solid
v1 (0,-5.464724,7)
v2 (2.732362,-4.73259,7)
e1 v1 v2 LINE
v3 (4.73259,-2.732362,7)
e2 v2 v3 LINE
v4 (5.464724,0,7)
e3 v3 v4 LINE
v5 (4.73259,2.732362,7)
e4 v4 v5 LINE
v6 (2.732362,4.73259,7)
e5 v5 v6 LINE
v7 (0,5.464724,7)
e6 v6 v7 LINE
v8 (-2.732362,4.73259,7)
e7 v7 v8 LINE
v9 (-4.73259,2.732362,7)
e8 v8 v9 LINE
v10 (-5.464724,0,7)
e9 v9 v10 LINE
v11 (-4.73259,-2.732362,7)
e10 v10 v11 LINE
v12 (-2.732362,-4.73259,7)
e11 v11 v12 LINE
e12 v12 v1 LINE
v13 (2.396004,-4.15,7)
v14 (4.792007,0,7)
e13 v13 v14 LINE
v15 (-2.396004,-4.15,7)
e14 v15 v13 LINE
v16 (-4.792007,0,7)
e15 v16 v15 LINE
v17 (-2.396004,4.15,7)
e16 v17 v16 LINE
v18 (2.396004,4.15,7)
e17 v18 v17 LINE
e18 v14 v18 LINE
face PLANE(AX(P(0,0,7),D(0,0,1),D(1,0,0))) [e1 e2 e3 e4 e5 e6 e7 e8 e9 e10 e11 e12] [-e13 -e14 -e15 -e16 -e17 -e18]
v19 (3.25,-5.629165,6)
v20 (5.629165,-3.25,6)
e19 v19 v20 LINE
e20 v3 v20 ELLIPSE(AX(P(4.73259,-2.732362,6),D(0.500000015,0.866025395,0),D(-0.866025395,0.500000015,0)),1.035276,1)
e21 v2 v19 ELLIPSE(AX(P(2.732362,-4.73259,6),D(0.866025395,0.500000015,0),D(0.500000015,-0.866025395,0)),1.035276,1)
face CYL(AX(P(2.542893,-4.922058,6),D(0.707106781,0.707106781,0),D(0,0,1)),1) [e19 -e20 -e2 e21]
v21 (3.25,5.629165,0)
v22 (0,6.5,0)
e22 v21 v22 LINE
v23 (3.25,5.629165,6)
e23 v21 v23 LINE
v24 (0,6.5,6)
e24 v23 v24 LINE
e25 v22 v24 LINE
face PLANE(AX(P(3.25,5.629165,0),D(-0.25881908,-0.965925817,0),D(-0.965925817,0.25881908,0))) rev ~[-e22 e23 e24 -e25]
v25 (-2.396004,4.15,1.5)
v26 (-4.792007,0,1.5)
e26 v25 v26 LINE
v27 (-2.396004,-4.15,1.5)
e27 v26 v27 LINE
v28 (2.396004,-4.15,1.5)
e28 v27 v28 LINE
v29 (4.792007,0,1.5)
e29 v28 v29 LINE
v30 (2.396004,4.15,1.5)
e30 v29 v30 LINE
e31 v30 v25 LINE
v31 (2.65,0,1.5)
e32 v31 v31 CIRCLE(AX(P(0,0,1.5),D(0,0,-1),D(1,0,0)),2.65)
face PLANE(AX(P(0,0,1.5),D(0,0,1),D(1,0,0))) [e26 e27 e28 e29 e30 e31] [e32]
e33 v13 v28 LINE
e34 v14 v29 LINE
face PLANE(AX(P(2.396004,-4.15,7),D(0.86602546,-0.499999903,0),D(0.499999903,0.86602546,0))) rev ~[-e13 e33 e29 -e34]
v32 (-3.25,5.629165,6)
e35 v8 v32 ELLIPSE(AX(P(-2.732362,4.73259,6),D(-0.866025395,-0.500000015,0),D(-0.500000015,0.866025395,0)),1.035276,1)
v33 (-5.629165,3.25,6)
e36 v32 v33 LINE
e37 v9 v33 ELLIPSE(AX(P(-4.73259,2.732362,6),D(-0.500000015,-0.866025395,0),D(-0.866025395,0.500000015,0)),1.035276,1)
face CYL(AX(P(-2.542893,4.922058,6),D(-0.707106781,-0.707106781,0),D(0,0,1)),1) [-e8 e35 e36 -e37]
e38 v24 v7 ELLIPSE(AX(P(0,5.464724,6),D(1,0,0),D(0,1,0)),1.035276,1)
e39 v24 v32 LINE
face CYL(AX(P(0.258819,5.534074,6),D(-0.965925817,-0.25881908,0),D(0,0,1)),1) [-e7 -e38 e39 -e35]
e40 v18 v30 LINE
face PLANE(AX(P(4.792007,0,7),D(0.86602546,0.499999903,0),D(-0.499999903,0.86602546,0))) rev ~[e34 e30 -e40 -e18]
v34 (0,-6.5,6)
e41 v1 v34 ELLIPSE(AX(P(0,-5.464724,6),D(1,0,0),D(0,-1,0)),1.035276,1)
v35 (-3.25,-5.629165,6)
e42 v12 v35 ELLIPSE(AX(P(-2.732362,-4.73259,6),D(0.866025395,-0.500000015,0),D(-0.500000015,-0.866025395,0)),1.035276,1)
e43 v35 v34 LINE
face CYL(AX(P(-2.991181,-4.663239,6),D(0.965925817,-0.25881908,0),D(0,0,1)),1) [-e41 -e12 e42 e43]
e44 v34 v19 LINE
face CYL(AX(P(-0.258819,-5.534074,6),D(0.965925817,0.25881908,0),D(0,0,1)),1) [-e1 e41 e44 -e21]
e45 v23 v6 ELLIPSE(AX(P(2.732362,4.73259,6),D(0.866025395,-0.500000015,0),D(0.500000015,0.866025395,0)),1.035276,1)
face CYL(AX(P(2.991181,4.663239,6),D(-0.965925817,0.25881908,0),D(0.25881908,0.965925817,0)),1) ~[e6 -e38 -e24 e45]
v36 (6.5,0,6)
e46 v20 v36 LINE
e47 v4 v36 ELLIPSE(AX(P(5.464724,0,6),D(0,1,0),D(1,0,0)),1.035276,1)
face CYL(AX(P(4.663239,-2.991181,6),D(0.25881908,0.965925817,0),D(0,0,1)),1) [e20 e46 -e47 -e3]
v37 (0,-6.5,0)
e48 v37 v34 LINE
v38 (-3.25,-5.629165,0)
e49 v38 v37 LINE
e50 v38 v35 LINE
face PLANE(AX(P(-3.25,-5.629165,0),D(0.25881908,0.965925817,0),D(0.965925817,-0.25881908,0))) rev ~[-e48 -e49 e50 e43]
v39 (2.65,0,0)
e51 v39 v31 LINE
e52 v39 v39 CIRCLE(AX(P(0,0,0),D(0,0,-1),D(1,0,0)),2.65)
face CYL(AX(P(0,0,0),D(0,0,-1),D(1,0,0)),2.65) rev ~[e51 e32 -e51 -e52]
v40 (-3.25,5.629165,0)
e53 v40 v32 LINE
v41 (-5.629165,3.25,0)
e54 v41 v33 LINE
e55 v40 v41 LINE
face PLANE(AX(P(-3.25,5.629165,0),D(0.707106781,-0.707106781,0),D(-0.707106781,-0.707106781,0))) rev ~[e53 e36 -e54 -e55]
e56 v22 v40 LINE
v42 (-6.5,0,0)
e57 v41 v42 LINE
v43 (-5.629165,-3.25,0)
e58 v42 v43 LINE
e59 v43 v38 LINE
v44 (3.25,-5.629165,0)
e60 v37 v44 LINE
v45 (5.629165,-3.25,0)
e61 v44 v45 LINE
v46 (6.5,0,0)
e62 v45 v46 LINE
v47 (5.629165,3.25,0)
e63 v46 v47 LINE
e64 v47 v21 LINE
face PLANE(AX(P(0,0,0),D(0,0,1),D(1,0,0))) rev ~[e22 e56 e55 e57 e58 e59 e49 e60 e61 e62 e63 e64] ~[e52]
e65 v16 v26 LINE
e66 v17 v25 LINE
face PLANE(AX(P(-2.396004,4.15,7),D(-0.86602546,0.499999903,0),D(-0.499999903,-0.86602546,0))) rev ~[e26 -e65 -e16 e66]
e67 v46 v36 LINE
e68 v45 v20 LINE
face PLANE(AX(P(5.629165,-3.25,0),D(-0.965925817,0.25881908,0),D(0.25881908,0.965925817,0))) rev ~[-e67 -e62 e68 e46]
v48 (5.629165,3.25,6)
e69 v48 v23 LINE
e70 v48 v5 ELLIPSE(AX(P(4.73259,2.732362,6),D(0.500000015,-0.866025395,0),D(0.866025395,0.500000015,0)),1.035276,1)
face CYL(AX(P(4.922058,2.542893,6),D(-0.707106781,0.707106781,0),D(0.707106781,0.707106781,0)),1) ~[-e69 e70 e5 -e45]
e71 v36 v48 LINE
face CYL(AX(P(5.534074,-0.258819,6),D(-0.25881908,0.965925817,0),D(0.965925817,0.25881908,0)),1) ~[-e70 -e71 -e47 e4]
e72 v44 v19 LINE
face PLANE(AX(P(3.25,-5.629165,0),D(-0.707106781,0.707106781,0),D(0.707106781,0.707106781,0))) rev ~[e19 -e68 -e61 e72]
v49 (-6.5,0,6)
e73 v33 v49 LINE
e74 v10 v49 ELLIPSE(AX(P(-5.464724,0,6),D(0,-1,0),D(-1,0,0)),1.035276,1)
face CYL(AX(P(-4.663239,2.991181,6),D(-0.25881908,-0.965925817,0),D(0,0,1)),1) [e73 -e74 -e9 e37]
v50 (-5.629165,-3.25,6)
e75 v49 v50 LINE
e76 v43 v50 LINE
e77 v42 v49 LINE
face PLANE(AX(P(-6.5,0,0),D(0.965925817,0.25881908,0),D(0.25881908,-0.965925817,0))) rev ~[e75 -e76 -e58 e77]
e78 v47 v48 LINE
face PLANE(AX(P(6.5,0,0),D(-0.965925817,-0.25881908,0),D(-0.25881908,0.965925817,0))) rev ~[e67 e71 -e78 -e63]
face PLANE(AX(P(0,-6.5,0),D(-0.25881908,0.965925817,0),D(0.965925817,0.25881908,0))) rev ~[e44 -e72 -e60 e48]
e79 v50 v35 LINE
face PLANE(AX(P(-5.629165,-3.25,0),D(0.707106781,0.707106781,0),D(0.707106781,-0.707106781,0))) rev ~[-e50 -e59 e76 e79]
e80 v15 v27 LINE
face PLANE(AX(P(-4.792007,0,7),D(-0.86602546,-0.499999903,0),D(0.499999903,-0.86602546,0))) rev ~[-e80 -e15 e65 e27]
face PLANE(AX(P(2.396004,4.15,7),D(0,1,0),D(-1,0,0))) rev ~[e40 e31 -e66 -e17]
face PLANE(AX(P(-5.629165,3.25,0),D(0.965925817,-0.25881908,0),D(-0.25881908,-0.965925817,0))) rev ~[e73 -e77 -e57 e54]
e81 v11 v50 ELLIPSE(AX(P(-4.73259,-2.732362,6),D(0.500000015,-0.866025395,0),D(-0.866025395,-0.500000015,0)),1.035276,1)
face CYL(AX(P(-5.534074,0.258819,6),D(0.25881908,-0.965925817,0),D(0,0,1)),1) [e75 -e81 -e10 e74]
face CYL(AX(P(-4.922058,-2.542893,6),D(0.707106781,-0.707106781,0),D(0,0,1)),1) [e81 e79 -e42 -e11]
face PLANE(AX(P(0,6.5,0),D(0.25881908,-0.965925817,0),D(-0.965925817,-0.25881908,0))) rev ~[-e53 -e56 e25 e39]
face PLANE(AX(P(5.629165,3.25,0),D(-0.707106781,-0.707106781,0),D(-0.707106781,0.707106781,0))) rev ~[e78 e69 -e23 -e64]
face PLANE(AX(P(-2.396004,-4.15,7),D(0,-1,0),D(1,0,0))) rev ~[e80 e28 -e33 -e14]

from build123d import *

# Parameters (mm, degrees)
PAD_DEPTH       = 7
POCKET_DEPTH    = 5.5
SKETCH002_R     = 2.65
POCKET001_DEPTH = 7.001
FILLET_R        = 1


with BuildPart() as part:
    # Sketch → Pad (new body)
    with BuildSketch(Plane.XY):
        Polygon((5.629165, 3.25), (3.25, 5.629165), (0, 6.5), (-3.25, 5.629165), (-5.629165, 3.25), (-6.5, 0), (-5.629165, -3.25), (-3.25, -5.629165), (0, -6.5), (3.25, -5.629165), (5.629165, -3.25), (6.5, 0), align=None)
    extrude(amount=PAD_DEPTH)

    # Sketch001 (on Face14 of Pad) → Pocket (cut)
    with BuildSketch(Plane.XY.offset(7)):
        Polygon((4.792007, 0), (2.396004, 4.15), (-2.396004, 4.15), (-4.792007, 0), (-2.396004, -4.15), (2.396004, -4.15), align=None)
    extrude(amount=-POCKET_DEPTH, mode=Mode.SUBTRACT)

    # Sketch002 (on DatumPlane) → Pocket001 (cut, through all)
    with BuildSketch(Plane(origin=(0, 0, 0), x_dir=(1, 0, 0), z_dir=(0, 0, -1))):
        Circle(SKETCH002_R)
    extrude(amount=-POCKET001_DEPTH, mode=Mode.SUBTRACT)

    # Fillet
    fillet_edges = [part.edges().sort_by_distance(p)[0] for p in [
        (6.064583, -1.625, 7),
        (6.064583, 1.625, 7),
        (4.439583, 4.439583, 7),
        (1.625, 6.064583, 7),
        (-1.625, 6.064583, 7),
        (-4.439583, 4.439583, 7),
        (-6.064583, 1.625, 7),
        (-6.064583, -1.625, 7),
        (-4.439583, -4.439583, 7),
        (-1.625, -6.064583, 7),
        (1.625, -6.064583, 7),
        (4.439583, -4.439583, 7),
    ]]
    fillet(fillet_edges, radius=FILLET_R)


solid = part.part
